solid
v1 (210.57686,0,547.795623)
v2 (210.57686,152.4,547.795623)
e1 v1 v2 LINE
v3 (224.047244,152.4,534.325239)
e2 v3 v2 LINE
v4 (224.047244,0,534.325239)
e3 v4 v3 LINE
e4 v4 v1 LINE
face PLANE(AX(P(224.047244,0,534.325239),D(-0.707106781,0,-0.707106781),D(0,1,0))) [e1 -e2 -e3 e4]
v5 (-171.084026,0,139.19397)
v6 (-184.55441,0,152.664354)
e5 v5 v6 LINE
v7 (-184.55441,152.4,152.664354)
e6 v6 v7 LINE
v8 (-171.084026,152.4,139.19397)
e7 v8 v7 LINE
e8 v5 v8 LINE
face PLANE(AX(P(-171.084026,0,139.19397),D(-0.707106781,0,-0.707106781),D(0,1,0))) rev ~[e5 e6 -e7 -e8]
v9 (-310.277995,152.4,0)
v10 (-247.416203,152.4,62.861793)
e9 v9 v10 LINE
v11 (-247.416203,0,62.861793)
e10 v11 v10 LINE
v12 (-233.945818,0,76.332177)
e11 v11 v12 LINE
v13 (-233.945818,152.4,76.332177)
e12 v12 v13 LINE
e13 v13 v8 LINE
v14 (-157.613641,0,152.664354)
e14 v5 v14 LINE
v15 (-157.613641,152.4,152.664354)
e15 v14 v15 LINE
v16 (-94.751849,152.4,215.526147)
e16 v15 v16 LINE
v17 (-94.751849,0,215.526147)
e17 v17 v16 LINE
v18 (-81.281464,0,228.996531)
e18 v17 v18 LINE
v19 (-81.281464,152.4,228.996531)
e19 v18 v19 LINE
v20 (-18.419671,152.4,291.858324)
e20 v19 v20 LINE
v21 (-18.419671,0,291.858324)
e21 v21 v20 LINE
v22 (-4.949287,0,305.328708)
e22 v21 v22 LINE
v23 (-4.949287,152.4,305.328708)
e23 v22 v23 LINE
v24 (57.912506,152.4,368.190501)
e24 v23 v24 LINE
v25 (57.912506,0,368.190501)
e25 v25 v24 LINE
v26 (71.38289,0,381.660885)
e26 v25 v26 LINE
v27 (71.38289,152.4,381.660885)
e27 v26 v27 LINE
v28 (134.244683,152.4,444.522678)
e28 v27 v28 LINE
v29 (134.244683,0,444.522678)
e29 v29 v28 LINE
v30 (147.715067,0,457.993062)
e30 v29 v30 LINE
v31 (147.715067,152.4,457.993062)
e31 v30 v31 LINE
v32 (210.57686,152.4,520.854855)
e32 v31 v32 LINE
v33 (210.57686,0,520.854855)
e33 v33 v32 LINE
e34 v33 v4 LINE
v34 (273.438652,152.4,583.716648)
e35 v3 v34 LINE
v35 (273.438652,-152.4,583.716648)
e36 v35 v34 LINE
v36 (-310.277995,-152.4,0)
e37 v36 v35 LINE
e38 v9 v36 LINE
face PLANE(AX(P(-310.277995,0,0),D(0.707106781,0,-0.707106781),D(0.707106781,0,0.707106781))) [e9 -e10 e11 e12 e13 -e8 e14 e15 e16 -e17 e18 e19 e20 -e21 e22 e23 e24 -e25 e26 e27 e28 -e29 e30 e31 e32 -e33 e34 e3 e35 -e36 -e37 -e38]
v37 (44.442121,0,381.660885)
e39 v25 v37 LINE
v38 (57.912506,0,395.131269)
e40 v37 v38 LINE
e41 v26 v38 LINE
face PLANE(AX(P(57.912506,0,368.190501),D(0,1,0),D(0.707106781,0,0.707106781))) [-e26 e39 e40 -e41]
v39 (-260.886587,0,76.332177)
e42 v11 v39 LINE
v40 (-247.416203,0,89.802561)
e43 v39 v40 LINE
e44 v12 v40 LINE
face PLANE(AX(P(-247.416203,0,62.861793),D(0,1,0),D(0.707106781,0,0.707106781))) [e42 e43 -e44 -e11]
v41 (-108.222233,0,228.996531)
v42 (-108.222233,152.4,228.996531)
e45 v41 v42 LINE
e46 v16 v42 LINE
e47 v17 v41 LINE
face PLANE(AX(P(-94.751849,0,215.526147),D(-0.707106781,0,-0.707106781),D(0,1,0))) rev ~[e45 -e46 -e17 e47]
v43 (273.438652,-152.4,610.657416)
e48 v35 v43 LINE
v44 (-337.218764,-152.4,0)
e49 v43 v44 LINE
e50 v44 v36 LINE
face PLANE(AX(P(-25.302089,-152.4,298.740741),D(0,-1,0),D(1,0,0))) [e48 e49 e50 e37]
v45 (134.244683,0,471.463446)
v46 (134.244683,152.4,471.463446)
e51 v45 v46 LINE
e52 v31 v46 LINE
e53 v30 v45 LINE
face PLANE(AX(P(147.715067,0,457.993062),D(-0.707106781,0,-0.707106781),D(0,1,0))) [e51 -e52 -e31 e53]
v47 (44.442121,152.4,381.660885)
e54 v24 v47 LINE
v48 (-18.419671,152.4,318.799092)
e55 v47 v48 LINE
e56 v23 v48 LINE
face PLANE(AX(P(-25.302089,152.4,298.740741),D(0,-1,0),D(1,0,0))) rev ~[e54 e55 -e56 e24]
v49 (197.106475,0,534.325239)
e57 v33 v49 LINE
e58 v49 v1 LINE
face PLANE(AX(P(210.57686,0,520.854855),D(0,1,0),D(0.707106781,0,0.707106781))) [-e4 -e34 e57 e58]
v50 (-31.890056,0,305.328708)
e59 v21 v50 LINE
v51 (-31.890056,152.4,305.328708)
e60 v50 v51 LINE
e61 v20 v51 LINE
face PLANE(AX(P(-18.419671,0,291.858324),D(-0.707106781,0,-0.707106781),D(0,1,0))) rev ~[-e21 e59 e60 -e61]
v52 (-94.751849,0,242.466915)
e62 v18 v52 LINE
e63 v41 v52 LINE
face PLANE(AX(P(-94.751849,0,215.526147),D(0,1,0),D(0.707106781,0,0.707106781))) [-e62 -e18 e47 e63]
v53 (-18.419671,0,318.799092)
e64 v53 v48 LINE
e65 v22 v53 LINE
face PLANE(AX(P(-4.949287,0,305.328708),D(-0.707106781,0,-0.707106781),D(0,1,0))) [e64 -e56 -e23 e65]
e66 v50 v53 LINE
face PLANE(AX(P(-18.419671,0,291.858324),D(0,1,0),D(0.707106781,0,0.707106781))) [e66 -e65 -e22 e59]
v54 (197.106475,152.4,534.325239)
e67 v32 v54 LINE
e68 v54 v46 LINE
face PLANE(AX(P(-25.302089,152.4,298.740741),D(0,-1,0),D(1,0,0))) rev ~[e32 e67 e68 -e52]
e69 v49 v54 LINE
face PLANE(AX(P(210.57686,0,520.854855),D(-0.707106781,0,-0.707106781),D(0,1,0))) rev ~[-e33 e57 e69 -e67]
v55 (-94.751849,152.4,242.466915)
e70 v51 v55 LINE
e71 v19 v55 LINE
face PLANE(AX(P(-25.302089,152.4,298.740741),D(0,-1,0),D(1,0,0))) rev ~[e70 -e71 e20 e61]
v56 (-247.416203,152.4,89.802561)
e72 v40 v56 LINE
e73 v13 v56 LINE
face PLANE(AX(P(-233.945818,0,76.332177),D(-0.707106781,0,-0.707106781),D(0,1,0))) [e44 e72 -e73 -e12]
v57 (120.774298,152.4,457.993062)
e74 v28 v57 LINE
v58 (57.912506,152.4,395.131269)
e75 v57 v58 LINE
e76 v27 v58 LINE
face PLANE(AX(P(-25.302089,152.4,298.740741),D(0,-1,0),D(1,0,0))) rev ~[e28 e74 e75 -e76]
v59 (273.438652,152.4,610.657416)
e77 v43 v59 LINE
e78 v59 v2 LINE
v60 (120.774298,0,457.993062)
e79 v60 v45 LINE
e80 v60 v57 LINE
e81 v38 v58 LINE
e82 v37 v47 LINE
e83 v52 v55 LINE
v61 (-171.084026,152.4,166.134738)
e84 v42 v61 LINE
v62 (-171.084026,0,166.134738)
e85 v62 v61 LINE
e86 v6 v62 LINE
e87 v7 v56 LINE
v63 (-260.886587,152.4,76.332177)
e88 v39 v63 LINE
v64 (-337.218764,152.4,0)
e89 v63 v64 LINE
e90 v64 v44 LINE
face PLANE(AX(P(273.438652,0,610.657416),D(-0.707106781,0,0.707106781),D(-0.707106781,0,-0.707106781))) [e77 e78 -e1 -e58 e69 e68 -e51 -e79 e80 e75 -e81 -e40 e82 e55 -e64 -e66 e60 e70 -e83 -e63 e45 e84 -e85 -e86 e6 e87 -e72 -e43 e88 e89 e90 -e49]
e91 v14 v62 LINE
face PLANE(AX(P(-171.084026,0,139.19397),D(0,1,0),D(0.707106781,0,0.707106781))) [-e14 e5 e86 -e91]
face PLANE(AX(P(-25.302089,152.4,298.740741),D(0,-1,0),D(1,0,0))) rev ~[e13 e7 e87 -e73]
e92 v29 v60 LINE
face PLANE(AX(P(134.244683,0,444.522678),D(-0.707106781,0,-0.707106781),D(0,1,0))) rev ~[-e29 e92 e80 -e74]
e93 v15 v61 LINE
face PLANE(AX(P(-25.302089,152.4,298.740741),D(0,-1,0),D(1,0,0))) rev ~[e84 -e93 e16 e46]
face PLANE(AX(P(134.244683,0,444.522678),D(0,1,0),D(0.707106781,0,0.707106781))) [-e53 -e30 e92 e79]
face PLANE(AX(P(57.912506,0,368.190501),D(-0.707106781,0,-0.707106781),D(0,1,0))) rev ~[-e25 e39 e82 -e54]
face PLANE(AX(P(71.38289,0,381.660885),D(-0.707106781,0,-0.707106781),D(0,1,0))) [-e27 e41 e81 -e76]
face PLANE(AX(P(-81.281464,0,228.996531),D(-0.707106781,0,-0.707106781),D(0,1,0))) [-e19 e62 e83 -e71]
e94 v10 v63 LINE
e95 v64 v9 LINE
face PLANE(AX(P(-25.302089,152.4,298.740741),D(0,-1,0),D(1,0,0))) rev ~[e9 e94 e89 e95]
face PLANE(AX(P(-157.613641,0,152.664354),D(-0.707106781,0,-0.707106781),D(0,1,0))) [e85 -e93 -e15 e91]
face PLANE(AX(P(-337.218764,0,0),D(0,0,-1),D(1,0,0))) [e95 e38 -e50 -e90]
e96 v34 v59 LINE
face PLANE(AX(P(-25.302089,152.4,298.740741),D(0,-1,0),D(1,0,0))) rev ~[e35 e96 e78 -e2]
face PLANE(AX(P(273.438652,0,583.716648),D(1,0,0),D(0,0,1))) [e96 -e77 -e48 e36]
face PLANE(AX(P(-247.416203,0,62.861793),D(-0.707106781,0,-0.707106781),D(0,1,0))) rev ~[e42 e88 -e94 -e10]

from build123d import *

# Parameters (mm, degrees)
F1_DEPTH = 152.4
F2_W     = 152.4
F2_H     = 19.05
F3_DEPTH = 19.05


with BuildPart() as f1:
    # F0 (on Front) → F1 (new body, symmetric)
    with BuildSketch(Plane.XZ):
        Polygon((273.4386524558, 610.6574162327), (-337.2187637769, 0), (-310.2779954137, 0), (273.4386524558, 583.7166478695), align=None)
    extrude(amount=F1_DEPTH, both=True)

    # F2 (on face) → F3 (cut)
    with BuildSketch(Plane(origin=(-155.1389977069, 0, 155.1389977069), x_dir=(0, 1, 0), z_dir=(0.7071067812, 0, -0.7071067812))):
        with Locations((76.2, 526.72532539)):
            Rectangle(F2_W, F2_H)
        with Locations((76.2, 418.77532539)):
            Rectangle(F2_W, F2_H)
        with Locations((76.2, 310.82532539)):
            Rectangle(F2_W, F2_H)
        with Locations((76.2, 202.87532539)):
            Rectangle(F2_W, F2_H)
        with Locations((76.2, 94.92532539)):
            Rectangle(F2_W, F2_H)
        with Locations((76.2, -13.02467461)):
            Rectangle(F2_W, F2_H)
        with Locations((76.2, -120.97467461)):
            Rectangle(F2_W, F2_H)
    extrude(amount=-F3_DEPTH, mode=Mode.SUBTRACT)


solid = f1.part
